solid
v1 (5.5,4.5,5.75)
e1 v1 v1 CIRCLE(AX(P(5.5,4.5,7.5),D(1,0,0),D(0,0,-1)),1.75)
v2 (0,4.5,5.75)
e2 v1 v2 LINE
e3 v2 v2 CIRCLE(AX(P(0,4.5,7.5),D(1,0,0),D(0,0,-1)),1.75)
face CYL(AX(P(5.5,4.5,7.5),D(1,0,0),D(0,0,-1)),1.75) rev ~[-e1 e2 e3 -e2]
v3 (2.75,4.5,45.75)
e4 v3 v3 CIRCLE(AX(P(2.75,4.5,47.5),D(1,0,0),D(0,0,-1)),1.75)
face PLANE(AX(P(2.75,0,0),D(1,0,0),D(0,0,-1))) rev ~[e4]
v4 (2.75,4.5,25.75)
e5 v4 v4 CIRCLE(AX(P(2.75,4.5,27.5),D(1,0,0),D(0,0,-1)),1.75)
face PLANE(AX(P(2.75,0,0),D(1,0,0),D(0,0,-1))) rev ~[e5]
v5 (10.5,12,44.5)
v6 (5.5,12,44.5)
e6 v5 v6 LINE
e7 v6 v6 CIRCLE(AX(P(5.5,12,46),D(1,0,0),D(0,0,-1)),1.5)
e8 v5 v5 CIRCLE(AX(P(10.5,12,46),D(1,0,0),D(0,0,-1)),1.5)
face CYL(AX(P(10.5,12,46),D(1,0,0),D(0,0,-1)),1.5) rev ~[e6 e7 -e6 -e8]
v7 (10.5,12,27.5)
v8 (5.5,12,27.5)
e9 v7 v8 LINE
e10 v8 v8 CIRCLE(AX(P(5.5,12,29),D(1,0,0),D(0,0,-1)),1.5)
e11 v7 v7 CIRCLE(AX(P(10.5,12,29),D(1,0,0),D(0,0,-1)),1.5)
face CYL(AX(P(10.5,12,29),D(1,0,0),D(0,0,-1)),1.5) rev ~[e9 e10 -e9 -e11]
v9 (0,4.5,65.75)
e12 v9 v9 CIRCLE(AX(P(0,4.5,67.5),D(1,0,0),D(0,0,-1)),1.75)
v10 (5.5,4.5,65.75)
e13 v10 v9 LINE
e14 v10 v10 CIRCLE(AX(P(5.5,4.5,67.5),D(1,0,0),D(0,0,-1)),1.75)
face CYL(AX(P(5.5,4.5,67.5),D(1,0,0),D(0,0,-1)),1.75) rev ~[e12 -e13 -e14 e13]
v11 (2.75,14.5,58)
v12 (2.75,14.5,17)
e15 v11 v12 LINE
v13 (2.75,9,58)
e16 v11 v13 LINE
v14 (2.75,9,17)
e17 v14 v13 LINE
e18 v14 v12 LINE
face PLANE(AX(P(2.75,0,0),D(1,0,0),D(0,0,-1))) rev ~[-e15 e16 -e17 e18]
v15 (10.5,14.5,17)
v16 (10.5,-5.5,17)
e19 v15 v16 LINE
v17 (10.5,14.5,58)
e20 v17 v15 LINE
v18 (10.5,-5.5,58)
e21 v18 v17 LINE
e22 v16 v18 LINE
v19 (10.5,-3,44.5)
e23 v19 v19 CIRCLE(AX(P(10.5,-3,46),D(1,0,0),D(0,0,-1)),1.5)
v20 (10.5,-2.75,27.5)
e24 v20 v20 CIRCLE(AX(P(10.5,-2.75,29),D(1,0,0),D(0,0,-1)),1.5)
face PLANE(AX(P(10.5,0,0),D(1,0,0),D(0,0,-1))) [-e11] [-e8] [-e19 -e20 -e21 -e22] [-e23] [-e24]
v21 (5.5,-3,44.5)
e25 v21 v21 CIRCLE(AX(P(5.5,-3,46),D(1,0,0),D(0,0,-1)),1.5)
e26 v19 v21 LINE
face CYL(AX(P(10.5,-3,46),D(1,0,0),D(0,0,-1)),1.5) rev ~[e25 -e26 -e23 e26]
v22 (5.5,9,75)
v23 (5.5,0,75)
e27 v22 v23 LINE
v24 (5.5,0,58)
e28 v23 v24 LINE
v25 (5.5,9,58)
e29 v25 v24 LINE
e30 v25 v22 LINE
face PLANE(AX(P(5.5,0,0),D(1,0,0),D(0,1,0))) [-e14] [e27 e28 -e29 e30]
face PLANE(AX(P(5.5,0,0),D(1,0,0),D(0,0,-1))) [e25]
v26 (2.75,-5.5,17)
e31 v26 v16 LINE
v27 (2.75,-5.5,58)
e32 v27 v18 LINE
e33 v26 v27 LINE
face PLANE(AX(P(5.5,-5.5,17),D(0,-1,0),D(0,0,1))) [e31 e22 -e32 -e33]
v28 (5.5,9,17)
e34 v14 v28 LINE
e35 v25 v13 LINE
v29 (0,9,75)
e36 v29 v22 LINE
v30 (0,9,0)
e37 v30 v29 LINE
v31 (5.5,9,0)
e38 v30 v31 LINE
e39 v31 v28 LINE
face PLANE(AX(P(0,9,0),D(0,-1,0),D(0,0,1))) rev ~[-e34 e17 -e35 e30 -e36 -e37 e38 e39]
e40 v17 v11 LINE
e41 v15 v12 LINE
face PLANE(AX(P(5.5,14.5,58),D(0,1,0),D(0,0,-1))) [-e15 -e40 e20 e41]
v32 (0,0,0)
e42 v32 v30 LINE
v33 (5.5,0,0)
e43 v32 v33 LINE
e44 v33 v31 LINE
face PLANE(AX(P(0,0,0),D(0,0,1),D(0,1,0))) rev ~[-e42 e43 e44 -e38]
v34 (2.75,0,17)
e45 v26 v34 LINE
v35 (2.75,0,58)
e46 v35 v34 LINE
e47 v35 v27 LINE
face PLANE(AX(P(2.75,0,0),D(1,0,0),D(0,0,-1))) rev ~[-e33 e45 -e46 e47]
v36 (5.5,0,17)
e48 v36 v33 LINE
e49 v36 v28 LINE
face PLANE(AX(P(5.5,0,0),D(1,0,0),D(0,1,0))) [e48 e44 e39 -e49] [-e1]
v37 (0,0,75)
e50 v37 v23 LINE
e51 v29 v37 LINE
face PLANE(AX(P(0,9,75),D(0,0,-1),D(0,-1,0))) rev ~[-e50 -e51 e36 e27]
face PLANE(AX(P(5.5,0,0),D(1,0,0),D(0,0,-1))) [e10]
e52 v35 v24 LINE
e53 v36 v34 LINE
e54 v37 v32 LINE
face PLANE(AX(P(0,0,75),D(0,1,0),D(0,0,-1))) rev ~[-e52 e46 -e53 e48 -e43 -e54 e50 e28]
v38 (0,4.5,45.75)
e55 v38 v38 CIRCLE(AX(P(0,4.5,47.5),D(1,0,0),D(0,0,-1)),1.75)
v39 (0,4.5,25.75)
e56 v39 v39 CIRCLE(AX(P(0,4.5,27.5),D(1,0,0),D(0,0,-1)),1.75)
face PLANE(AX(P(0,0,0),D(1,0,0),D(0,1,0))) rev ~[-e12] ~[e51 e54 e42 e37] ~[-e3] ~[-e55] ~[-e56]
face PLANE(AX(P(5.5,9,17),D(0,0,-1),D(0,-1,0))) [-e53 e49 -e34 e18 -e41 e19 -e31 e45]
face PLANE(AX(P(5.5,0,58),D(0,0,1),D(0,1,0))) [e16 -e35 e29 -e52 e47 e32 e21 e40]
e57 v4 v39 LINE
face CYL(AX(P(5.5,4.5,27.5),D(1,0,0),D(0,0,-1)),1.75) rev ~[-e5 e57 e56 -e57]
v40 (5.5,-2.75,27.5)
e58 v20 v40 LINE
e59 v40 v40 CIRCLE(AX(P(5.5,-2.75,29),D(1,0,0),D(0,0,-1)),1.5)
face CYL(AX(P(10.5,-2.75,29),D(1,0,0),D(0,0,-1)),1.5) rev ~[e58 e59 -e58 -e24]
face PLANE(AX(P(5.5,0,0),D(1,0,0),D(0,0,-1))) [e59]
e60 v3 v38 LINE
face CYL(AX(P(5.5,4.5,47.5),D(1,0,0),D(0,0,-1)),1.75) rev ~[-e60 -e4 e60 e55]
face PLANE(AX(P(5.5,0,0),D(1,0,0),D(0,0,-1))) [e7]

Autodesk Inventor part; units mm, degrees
ref_plane "YZ Plane" through (0, 0, 0) normal (1, 0, 0) x (0, 1, 0)
ref_plane "XZ Plane" through (0, 0, 0) normal (0, 1, 0) x (-1, 0, 0)
ref_plane "XY Plane" through (0, 0, 0) normal (0, 0, 1) x (1, 0, 0)
sketch "Skizze1" plane through (0, 0, 0) normal (1, 0, 0) x (0, 1, 0)
  line L0 (0, 0) -> (9, 0)
  line L1 (9, 0) -> (9, 75)
  line L2 (9, 75) -> (0, 75)
  line L3 (0, 75) -> (0, 0)
  dimension "d0" = 9
  dimension "d1" = 75
extrude "Extrusion1" add sketch "Skizze1" along normal blind 5.5
sketch "Skizze2" plane through (5.5, 0, 0) normal (1, 0, 0) x (0, 0, -1)
  line L0 (0, 0) -> (0, 9) projected
  line L1 (0, 9) -> (-75, 9) projected
  line L2 (-75, 9) -> (-75, 0) projected
  line L3 (-75, 0) -> (0, 0) projected
  circle A0 centre (-67.5, 4.5) radius 1.75
  circle A1 centre (-7.5, 4.5) radius 1.75
  circle A2 centre (-47.5, 4.5) radius 1.75
  circle A3 centre (-27.5, 4.5) radius 1.75
  dimension "d4" = 3.5
  dimension "d5" = 7.5
  dimension "d6" = 3.5
  dimension "d7" = 7.5
  dimension "d8" = 3.5
  dimension "d9" = 20
  dimension "d10" = 3.5
  dimension "d11" = 20
extrude "Extrusion2" cut sketch "Skizze2" against normal through all contours A0 | A1 | A2 | A3
sketch "Skizze3" plane through (5.5, 0, 0) normal (1, 0, 0) x (0, 0, -1)
  circle A0 centre (-47.5, 4.5) radius 1.75 projected
  circle A1 centre (-67.5, 4.5) radius 1.75 projected
  circle A2 centre (-7.5, 4.5) radius 1.75 projected
  circle A3 centre (-27.5, 4.5) radius 1.75 projected
  line L0 (0, 0) -> (0, 9) projected
  line L1 (0, 9) -> (-75, 9) projected
  line L2 (-75, 9) -> (-75, 0) projected
  line L3 (-75, 0) -> (0, 0) projected
  line L4 (-58, 14.5) -> (-17, 14.5)
  line L5 (-17, 14.5) -> (-17, -5.5)
  line L6 (-17, -5.5) -> (-58, -5.5)
  line L7 (-58, -5.5) -> (-58, 14.5)
  line L8 (-58, 14.5) -> (-17, -5.5) construction
  line L9 (-17, 14.5) -> (-58, -5.5) construction
  point P0 (-37.5, 4.5)
  dimension "d15" = 41
  dimension "d16" = 20
extrude "Extrusion3" add sketch "Skizze3" along normal blind 5 and the other way blind 2.75 contours A0 | A3 | L5 L6 L7 L3 | L3 L7 L1 L5 | L1 L7 L4 L5
sketch "Skizze4" plane through (10.5, 0, 0) normal (1, 0, 0) x (0, 0, -1)
  line L0 (-17, 14.5) -> (-58, 14.5) projected
  line L1 (-58, 14.5) -> (-58, -5.5) projected
  line L2 (-58, -5.5) -> (-17, -5.5) projected
  line L3 (-17, -5.5) -> (-17, 14.5) projected
  circle A0 centre (-46, -3) radius 1.5
  circle A1 centre (-46, 12) radius 1.5
  circle A2 centre (-29, -2.75) radius 1.5
  circle A3 centre (-29, 12) radius 1.5
  circle A4 centre (-29, -2.75) radius 1.5 projected
  circle A5 centre (-29, 12) radius 1.5 projected
  circle A6 centre (-46, 12) radius 1.5 projected
  circle A7 centre (-46, -3) radius 1.5 projected
  line L4 (-23, -4.9525) -> (-23, 23.5) projected
  line L5 (-23, 23.5) -> (-58, 23.5) projected
  line L6 (-58, 23.5) -> (-58, -4.9525) projected
  line L7 (-23, -4.9525) -> (-58, -4.9525) projected
  circle A8 centre (-46, 21.0354) radius 1.5
  circle A9 centre (-30.5, 21.0354) radius 1.5
  circle A10 centre (-46, 20.5472) radius 1.5 projected
  circle A11 centre (-30.5, 20.5472) radius 1.5 projected
  point P0 (0, 0)
  dimension "d21" = 3
  dimension "d22" = 3
  dimension "d23" = 3
  dimension "d24" = 3
  dimension "d27" = 3
  dimension "d28" = 3
extrude "Extrusion4" cut sketch "Skizze4" against normal blind 5 contours A0 | A1 | A2 | A3 | A8 A10 | A10 A8 | A9 A11 | A11 A9 picked at (-46.157, 22.1946) picked at (-45.8838, 21.1962) picked at (-30.657, 22.1946) picked at (-30.3838, 20.3864)
properties part number "90_Linearführung" material "Eisen, grau"
